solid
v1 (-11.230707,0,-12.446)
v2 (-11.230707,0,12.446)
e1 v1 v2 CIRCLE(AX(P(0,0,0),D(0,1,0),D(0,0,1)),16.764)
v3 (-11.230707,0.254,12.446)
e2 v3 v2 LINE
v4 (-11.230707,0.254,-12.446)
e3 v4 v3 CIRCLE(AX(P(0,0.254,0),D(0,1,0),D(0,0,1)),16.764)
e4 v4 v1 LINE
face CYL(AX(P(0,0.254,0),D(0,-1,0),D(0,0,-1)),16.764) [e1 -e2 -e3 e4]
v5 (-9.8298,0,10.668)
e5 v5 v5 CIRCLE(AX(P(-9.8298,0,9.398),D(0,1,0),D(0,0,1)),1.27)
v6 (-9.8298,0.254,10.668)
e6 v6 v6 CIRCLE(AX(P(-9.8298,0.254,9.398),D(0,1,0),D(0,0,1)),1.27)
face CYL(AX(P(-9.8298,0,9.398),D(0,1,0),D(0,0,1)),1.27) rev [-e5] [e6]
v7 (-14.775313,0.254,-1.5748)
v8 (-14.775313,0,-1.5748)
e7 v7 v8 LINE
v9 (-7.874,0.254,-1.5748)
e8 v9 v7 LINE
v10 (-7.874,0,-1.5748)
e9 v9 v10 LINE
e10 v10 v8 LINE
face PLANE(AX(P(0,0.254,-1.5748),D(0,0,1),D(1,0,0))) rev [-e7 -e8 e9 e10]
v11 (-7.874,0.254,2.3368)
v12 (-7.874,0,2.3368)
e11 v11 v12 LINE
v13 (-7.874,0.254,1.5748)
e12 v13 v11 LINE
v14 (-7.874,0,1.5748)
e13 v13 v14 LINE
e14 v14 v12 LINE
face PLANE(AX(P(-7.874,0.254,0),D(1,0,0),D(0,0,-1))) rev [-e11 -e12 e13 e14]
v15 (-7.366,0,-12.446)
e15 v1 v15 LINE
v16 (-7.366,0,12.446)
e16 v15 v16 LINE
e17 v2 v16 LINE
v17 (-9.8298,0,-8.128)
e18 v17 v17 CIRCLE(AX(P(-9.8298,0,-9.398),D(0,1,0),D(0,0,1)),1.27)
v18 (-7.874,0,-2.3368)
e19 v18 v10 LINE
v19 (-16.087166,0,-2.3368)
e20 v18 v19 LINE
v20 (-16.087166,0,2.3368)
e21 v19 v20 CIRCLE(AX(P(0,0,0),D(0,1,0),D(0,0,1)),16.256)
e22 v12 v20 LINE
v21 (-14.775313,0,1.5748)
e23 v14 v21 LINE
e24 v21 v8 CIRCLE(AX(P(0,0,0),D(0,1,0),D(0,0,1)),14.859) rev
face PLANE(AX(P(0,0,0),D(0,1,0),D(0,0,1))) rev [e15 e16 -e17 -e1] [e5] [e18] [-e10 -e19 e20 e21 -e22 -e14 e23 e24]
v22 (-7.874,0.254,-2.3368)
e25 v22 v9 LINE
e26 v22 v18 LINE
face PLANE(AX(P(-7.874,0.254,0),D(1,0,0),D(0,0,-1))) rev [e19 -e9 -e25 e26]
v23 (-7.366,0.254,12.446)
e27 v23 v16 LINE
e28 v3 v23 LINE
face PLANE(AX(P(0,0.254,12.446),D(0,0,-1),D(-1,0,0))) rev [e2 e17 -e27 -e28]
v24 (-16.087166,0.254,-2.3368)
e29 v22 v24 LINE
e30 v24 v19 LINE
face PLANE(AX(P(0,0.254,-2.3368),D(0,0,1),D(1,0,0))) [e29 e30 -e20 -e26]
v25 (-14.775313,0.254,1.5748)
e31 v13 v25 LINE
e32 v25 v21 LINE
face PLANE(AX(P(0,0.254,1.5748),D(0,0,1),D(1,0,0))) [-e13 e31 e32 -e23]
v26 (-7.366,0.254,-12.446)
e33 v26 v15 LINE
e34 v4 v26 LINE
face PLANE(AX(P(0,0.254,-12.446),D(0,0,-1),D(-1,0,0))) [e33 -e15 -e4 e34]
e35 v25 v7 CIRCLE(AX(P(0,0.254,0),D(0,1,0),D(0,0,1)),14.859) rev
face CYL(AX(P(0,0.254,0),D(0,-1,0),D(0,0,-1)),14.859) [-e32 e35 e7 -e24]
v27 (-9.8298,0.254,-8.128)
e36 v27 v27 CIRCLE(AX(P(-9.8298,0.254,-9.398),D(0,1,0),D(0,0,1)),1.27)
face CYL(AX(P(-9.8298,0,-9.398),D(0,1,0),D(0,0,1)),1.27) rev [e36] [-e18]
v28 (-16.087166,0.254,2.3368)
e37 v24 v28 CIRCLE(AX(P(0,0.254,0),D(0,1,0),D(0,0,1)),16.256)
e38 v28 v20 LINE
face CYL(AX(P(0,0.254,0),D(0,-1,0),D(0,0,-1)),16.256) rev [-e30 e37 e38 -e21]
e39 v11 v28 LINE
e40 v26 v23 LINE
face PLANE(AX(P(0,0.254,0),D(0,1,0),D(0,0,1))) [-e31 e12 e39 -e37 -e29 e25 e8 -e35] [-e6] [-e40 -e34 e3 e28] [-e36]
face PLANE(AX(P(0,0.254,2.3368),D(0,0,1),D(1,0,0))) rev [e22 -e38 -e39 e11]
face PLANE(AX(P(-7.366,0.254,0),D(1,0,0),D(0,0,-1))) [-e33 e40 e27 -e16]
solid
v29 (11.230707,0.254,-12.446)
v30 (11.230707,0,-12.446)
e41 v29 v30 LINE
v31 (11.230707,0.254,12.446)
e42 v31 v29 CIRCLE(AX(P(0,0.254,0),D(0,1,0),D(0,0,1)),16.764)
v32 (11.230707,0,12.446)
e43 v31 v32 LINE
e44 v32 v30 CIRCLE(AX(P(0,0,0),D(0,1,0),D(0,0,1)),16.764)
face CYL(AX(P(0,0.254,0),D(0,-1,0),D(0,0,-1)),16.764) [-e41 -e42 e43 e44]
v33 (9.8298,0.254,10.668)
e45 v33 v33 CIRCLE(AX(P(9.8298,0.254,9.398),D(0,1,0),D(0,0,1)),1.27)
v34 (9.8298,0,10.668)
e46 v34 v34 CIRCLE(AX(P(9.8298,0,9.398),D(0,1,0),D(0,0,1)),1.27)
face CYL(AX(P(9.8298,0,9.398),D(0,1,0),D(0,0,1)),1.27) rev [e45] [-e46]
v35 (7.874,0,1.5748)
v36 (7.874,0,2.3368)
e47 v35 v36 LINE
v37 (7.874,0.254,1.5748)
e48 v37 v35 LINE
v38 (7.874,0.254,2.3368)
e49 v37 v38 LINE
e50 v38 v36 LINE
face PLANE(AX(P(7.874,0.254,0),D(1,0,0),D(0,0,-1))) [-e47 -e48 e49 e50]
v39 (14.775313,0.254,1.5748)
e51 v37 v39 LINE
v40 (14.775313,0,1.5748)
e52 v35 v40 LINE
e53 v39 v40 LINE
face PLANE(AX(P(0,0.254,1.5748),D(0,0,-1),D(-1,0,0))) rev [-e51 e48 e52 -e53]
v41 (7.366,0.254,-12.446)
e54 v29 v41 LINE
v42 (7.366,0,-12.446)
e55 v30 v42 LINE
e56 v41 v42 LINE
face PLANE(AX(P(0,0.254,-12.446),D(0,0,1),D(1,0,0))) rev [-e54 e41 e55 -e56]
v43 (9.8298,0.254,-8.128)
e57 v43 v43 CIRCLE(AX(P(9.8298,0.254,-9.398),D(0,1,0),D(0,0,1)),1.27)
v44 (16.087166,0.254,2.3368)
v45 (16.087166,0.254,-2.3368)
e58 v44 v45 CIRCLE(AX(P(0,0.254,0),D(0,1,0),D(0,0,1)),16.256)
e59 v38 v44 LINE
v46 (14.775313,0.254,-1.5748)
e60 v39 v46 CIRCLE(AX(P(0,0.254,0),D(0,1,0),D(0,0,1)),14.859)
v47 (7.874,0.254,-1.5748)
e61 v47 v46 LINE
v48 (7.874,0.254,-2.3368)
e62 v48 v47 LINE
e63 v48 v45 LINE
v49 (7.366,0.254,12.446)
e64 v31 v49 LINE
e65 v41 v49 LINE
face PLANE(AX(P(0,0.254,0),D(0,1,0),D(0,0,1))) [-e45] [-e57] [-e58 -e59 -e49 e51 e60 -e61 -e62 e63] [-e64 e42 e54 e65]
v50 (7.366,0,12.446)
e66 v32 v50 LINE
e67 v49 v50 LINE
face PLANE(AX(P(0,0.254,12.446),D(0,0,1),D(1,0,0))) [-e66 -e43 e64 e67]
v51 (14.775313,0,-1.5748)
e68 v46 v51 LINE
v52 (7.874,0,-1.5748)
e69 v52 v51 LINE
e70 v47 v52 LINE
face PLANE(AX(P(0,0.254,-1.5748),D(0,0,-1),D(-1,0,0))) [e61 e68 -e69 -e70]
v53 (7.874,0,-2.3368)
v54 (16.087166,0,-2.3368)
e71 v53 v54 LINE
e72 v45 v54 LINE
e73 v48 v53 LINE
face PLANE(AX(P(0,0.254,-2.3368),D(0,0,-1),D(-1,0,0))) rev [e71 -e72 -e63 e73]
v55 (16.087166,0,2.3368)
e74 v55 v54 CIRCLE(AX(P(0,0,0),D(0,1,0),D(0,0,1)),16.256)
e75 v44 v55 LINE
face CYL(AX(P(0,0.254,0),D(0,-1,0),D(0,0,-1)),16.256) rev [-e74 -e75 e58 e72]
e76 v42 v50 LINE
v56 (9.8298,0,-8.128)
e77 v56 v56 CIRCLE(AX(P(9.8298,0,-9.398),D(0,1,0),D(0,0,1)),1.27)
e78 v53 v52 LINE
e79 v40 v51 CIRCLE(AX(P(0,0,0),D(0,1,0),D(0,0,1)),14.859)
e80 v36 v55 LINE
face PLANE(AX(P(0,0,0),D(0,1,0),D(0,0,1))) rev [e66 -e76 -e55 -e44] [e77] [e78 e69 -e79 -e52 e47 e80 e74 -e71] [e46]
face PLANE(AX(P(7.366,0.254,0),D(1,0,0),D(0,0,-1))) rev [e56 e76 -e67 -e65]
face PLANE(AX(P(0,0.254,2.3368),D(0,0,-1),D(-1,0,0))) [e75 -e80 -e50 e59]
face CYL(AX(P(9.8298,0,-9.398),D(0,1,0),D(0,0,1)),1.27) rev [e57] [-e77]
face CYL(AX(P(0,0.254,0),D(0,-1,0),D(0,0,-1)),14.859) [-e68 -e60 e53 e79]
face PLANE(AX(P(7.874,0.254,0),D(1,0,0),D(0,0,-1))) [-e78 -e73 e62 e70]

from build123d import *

# Parameters (mm, degrees)
BOSS_EXTRUDE1_DEPTH   = 0.254
BOSS_EXTRUDE1_2_DEPTH = 0.254
SKETCH2_R             = 1.27
CUT_EXTRUDE1_DEPTH    = 1.254


with BuildPart() as part:
    # Sketch1 → Boss-Extrude1 (new body)
    with BuildSketch(Plane(origin=(0, 0, 0), x_dir=(1, 0, 0), z_dir=(0, 1, 0))):
        with BuildLine():
            Line((11.230707012, -12.446), (7.366, -12.446))
            Line((7.366, -12.446), (7.366, 12.446))
            Line((7.366, 12.446), (11.230707012, 12.446))
            ThreePointArc((11.230707012, 12.446), (16.764, 0), (11.230707012, -12.446))
        make_face()
        with BuildLine():
            Line((7.874, -1.5748), (14.775313396, -1.5748))
            ThreePointArc((14.775313396, -1.5748), (14.859, 0), (14.775313396, 1.5748))
            Line((14.775313396, 1.5748), (7.874, 1.5748))
            Line((7.874, 1.5748), (7.874, 2.3368))
            Line((7.874, 2.3368), (16.087165747, 2.3368))
            ThreePointArc((16.087165747, 2.3368), (16.256, 0), (16.087165747, -2.3368))
            Line((16.087165747, -2.3368), (7.874, -2.3368))
            Line((7.874, -2.3368), (7.874, -1.5748))
        make_face(mode=Mode.SUBTRACT)
    extrude(amount=BOSS_EXTRUDE1_DEPTH)


with BuildPart() as body_2:
    # Sketch1 → Boss-Extrude1 2 (new body)
    with BuildSketch(Plane(origin=(0, 0, 0), x_dir=(1, 0, 0), z_dir=(0, 1, 0))):
        with BuildLine():
            Line((-11.230707012, 12.446), (-7.366, 12.446))
            Line((-7.366, 12.446), (-7.366, -12.446))
            Line((-7.366, -12.446), (-11.230707012, -12.446))
            ThreePointArc((-11.230707012, -12.446), (-16.764, 0), (-11.230707012, 12.446))
        make_face()
        with BuildLine():
            ThreePointArc((-14.775313396, -1.5748), (-14.859, 0), (-14.775313396, 1.5748))
            Line((-14.775313396, 1.5748), (-7.874, 1.5748))
            Line((-7.874, 1.5748), (-7.874, 2.3368))
            Line((-7.874, 2.3368), (-16.087165747, 2.3368))
            ThreePointArc((-16.087165747, 2.3368), (-16.256, 0), (-16.087165747, -2.3368))
            Line((-16.087165747, -2.3368), (-7.874, -2.3368))
            Line((-7.874, -2.3368), (-7.874, -1.5748))
            Line((-7.874, -1.5748), (-14.775313396, -1.5748))
        make_face(mode=Mode.SUBTRACT)
    extrude(amount=BOSS_EXTRUDE1_2_DEPTH)


with BuildPart() as cut_extrude1_tool:
    # Sketch2 → Cut-Extrude1 (new body, through all)
    with BuildSketch(Plane(origin=(0, 0.254, 0), x_dir=(1, 0, 0), z_dir=(0, 1, 0))):
        with Locations((9.8298, -9.398)):
            Circle(SKETCH2_R)
        with Locations((9.8298, 9.398)):
            Circle(SKETCH2_R)
        with Locations((-9.8298, -9.398)):
            Circle(SKETCH2_R)
        with Locations((-9.8298, 9.398)):
            Circle(SKETCH2_R)
    extrude(amount=-CUT_EXTRUDE1_DEPTH)


with BuildPart() as part_1:
    add(part.part)

    # Cut-Extrude1: cut by cut_extrude1_tool
    add(cut_extrude1_tool.part, mode=Mode.SUBTRACT)


with BuildPart() as body_2_1:
    add(body_2.part)

    # Cut-Extrude1: cut by cut_extrude1_tool
    add(cut_extrude1_tool.part, mode=Mode.SUBTRACT)


solid = Compound([part_1.part, body_2_1.part])
